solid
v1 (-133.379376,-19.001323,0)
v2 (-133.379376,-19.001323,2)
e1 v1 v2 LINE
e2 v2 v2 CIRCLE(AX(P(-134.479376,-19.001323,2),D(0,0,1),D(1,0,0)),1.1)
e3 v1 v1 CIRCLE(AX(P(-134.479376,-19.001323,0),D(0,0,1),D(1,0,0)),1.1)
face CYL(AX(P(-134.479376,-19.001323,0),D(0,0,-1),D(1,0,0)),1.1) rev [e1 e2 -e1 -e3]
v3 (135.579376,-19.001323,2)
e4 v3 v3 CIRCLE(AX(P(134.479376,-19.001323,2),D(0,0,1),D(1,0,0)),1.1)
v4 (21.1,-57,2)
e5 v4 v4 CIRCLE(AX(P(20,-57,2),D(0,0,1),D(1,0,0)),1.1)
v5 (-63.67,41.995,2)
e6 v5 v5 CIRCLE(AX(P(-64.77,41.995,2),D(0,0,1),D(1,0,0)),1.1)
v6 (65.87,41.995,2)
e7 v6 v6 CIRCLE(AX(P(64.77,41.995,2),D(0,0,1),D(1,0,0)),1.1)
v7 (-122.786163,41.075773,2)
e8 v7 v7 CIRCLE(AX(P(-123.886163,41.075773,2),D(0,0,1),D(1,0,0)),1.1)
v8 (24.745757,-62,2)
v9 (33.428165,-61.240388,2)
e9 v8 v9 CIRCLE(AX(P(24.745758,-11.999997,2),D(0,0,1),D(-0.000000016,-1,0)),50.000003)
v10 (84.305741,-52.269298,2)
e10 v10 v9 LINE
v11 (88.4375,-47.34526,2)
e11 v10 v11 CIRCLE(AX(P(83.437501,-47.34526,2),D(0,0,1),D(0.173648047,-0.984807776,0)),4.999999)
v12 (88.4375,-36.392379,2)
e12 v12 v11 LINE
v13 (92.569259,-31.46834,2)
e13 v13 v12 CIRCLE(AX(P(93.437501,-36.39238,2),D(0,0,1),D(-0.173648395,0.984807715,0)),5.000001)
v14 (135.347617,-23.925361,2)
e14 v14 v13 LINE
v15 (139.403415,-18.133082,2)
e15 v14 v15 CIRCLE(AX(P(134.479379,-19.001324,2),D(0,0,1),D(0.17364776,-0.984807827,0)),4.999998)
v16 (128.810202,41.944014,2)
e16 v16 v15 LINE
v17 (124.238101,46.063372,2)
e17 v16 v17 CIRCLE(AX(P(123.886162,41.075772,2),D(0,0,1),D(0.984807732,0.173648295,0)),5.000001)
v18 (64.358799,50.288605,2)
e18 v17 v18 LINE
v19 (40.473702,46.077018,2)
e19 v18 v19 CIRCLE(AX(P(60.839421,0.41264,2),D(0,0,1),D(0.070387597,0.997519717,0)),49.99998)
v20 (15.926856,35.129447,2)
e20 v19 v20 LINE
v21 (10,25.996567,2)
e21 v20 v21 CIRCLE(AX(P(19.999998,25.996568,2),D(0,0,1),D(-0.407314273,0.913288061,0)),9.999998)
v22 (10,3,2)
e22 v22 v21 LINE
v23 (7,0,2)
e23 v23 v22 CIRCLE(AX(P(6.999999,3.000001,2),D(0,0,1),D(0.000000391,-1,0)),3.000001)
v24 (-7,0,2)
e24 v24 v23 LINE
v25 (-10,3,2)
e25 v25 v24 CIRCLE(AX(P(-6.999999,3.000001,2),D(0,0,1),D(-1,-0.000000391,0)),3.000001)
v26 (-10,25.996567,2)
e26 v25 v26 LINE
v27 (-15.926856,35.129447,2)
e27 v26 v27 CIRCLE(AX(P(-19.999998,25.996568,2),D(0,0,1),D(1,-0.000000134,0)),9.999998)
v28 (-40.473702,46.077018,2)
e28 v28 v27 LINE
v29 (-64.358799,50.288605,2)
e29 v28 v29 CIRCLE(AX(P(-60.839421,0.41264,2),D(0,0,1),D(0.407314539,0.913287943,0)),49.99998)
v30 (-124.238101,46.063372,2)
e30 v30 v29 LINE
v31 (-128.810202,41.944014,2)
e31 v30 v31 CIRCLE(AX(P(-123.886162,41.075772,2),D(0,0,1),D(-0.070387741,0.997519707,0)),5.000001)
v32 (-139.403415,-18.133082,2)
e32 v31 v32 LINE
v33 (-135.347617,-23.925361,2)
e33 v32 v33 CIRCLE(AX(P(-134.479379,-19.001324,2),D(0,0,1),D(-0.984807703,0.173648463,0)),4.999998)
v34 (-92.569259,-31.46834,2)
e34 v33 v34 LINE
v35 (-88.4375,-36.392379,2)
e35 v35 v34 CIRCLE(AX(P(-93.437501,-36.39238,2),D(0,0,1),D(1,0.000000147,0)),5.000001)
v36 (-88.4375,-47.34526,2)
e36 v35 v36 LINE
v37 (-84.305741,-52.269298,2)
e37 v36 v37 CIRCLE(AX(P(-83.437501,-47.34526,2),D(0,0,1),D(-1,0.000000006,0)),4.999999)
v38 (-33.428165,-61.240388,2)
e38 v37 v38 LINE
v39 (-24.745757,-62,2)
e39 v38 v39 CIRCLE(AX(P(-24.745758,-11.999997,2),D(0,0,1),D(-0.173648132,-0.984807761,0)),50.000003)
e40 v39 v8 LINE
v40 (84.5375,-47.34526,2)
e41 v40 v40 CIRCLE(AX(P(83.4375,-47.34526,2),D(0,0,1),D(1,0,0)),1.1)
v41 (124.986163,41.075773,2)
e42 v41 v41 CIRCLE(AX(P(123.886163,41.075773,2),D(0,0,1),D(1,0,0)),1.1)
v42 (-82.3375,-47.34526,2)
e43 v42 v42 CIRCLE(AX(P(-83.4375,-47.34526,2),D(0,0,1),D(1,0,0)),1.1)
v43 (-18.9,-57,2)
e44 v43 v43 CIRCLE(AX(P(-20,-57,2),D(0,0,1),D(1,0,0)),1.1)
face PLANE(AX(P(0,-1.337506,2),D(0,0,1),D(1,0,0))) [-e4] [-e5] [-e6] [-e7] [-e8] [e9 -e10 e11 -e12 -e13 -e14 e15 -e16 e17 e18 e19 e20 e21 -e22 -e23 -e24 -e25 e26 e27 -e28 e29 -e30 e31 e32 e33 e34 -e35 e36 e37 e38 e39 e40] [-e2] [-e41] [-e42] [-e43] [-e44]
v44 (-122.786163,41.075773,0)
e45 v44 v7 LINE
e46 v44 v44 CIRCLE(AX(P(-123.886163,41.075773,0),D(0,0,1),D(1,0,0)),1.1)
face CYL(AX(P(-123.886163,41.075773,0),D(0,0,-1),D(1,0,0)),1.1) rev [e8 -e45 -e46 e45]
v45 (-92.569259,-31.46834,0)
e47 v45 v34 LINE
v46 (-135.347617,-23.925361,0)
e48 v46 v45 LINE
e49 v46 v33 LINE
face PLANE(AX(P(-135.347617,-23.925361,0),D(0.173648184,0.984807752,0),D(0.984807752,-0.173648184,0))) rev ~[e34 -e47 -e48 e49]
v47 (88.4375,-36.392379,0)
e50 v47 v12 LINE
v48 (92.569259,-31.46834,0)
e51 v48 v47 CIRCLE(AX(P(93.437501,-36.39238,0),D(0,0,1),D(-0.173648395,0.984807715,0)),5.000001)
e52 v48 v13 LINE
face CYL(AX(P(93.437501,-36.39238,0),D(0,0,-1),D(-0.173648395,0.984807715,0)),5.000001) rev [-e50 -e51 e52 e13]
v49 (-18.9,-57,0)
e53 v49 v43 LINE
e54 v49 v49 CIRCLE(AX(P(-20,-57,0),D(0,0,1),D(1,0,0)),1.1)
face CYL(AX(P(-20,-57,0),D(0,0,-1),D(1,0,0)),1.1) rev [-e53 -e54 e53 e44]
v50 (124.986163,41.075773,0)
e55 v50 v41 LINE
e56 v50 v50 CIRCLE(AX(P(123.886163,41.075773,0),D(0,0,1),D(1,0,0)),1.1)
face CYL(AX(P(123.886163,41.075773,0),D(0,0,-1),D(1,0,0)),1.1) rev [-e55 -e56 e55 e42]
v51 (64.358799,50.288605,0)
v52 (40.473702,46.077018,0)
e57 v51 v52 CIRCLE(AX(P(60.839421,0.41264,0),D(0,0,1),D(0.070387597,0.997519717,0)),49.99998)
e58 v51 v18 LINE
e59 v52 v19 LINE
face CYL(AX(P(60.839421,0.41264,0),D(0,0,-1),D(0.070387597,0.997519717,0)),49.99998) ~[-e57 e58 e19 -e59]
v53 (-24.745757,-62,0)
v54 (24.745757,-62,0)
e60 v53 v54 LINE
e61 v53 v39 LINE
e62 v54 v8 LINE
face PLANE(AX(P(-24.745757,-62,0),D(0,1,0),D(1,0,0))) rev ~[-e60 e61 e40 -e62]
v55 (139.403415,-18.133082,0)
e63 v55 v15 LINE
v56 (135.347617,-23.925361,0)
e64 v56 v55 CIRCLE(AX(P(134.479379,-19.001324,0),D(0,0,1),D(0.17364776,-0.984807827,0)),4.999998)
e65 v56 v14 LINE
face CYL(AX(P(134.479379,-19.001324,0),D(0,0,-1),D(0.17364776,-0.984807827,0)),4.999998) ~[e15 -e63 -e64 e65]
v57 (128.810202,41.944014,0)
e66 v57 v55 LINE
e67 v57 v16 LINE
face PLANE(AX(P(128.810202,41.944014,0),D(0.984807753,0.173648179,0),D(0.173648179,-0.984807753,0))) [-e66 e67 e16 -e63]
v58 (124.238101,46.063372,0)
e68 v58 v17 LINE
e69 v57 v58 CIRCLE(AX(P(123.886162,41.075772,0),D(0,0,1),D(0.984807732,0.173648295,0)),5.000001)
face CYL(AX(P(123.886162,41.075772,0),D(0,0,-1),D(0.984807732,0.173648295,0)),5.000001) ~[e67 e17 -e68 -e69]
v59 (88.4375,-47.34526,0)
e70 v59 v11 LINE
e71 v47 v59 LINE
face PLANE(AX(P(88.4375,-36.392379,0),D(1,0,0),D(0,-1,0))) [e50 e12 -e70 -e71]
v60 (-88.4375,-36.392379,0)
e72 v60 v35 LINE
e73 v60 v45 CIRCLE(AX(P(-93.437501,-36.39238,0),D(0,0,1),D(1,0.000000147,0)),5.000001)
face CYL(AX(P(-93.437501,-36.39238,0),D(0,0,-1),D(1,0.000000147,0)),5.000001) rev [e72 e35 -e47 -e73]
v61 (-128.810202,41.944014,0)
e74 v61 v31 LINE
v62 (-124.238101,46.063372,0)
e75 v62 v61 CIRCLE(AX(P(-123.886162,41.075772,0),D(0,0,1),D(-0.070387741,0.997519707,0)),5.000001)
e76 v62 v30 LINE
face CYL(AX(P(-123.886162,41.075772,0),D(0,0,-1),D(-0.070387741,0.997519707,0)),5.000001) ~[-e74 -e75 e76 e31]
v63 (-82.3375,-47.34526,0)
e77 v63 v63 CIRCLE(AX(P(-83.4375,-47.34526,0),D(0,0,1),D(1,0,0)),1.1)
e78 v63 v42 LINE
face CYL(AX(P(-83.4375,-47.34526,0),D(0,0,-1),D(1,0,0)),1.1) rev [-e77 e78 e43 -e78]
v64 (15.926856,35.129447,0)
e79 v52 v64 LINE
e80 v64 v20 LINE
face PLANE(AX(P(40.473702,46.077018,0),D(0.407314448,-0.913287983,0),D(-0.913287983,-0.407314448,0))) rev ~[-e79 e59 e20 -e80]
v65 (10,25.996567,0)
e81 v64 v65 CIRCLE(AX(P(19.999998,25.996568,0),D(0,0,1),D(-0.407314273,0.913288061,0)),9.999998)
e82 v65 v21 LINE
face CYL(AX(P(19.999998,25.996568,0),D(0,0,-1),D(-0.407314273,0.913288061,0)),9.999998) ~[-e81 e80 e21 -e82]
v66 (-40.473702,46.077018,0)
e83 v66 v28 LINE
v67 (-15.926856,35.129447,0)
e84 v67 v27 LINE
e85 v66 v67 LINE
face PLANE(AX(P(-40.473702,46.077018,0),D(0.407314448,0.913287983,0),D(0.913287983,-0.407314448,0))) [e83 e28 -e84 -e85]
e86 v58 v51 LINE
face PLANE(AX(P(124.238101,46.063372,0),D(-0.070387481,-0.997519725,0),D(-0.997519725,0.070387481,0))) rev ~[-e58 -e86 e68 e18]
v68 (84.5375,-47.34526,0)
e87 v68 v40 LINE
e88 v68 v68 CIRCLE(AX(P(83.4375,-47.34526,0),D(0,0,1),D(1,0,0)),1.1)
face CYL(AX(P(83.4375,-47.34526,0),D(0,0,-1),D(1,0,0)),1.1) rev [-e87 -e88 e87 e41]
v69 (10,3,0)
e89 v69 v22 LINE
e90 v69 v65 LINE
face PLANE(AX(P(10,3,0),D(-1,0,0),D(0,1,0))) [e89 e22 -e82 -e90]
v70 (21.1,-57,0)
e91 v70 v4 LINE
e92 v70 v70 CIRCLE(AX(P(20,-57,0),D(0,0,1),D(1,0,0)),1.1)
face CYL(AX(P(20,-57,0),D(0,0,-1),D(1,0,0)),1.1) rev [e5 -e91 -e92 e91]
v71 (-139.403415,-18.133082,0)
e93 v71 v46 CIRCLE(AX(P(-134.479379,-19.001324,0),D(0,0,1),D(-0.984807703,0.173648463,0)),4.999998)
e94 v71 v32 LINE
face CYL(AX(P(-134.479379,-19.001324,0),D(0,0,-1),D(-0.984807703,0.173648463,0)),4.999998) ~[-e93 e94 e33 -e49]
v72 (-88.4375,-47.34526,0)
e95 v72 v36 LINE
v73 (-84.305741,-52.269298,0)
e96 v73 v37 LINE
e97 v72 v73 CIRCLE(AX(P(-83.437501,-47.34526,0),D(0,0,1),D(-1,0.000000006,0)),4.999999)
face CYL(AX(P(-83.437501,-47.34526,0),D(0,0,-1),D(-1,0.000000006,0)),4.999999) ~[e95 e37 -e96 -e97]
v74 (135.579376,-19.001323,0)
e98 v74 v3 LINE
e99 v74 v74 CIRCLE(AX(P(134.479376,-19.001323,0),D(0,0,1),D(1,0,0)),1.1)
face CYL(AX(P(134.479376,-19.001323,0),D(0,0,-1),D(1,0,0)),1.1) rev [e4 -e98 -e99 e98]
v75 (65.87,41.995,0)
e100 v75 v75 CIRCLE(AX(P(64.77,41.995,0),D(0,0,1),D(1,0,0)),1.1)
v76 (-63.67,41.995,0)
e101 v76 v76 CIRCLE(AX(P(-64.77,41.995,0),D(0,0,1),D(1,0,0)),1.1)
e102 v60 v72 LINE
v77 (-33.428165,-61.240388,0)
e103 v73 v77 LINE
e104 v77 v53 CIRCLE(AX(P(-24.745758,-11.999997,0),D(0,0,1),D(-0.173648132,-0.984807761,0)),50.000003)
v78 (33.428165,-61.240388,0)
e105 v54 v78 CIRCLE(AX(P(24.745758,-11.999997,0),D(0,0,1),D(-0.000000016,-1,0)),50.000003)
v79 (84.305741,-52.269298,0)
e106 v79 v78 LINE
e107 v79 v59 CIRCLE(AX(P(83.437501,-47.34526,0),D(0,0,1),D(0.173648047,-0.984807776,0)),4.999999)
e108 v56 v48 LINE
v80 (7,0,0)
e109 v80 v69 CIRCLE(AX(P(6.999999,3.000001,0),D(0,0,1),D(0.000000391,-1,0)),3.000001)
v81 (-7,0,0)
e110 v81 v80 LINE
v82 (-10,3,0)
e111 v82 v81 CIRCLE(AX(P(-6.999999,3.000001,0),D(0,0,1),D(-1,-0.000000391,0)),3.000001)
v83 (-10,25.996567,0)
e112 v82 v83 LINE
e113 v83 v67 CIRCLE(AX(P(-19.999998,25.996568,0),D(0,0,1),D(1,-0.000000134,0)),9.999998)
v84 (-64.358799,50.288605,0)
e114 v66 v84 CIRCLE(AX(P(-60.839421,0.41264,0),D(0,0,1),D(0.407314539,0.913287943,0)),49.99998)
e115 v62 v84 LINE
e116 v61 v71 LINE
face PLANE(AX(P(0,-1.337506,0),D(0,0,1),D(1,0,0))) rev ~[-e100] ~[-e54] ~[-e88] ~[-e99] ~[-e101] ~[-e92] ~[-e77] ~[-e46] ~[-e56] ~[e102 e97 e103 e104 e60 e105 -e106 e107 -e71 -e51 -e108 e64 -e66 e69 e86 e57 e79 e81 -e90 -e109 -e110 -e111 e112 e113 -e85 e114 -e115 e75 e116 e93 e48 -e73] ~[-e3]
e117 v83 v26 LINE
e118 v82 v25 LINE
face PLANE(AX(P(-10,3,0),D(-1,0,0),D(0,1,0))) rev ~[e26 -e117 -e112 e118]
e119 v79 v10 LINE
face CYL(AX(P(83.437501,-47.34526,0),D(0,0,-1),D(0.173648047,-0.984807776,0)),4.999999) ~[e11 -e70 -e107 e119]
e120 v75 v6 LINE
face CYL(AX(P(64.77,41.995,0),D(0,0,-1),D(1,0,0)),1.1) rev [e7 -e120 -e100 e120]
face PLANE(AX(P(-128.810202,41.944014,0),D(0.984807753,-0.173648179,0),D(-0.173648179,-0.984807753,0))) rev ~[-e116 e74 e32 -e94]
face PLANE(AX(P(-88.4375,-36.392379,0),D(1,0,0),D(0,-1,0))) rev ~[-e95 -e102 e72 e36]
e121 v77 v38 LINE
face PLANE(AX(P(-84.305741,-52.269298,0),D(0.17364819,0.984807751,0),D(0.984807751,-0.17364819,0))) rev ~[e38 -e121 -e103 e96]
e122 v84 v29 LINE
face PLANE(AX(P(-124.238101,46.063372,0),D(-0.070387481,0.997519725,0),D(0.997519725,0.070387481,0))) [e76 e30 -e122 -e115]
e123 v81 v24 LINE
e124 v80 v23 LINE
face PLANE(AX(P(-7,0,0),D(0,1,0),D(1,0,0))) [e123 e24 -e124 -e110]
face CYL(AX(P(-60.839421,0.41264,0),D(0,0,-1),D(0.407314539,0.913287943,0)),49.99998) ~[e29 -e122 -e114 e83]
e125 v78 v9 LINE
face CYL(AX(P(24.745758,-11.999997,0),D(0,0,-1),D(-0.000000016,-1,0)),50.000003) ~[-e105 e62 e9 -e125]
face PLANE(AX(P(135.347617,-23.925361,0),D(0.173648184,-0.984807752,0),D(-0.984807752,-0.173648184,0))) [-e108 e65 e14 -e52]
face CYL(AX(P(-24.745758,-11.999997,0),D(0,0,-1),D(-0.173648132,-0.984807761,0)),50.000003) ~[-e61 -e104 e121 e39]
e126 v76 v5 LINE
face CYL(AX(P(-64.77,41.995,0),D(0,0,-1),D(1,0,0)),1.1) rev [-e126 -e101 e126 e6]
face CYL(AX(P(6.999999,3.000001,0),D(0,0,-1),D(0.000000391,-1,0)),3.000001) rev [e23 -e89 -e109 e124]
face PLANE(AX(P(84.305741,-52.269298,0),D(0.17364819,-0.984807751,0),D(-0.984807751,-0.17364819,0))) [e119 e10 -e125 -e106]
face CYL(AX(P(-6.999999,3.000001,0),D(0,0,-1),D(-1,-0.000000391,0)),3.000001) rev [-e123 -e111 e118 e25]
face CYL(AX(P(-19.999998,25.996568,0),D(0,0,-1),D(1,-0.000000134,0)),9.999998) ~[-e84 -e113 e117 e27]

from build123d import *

# Parameters (mm, degrees)
SKETCH_R  = 1.1
PAD_DEPTH = 2


with BuildPart() as part:
    # Sketch → Pad (new body)
    with BuildSketch(Plane.XY):
        with BuildLine():
            ThreePointArc((-124.238101, 46.063372), (-127.232991, 44.790439), (-128.810202, 41.944014))
            Line((-128.810202, 41.944014), (-139.403415, -18.133082))
            ThreePointArc((-139.403415, -18.133082), (-138.575137, -21.869205), (-135.347617, -23.925361))
            Line((-135.347617, -23.925361), (-92.569259, -31.46834))
            ThreePointArc((-88.4375, -36.392379), (-89.607278, -33.178441), (-92.569259, -31.46834))
            Line((-88.4375, -36.392379), (-88.4375, -47.34526))
            ThreePointArc((-88.4375, -47.34526), (-87.267722, -50.559198), (-84.305741, -52.269298))
            Line((-84.305741, -52.269298), (-33.428165, -61.240388))
            ThreePointArc((-33.428165, -61.240388), (-29.103544, -61.809735), (-24.745757, -62))
            Line((-24.745757, -62), (24.745757, -62))
            ThreePointArc((24.745757, -62), (29.103544, -61.809735), (33.428165, -61.240388))
            Line((84.305741, -52.269298), (33.428165, -61.240388))
            ThreePointArc((84.305741, -52.269298), (87.267722, -50.559198), (88.4375, -47.34526))
            Line((88.4375, -36.392379), (88.4375, -47.34526))
            ThreePointArc((92.569259, -31.46834), (89.607278, -33.178441), (88.4375, -36.392379))
            Line((135.347617, -23.925361), (92.569259, -31.46834))
            ThreePointArc((135.347617, -23.925361), (138.575137, -21.869205), (139.403415, -18.133082))
            Line((128.810202, 41.944014), (139.403415, -18.133082))
            ThreePointArc((128.810202, 41.944014), (127.232991, 44.790439), (124.238101, 46.063372))
            Line((124.238101, 46.063372), (64.358799, 50.288605))
            ThreePointArc((64.358799, 50.288605), (52.157015, 49.653007), (40.473702, 46.077018))
            Line((40.473702, 46.077018), (15.926856, 35.129447))
            ThreePointArc((15.926856, 35.129447), (11.611572, 31.440305), (10, 25.996567))
            Line((10, 3), (10, 25.996567))
            ThreePointArc((7, 0), (9.12132, 0.87868), (10, 3))
            Line((-7, 0), (7, 0))
            ThreePointArc((-10, 3), (-9.12132, 0.87868), (-7, 0))
            Line((-10, 3), (-10, 25.996567))
            ThreePointArc((-10, 25.996567), (-11.611572, 31.440305), (-15.926856, 35.129447))
            Line((-40.473702, 46.077018), (-15.926856, 35.129447))
            ThreePointArc((-40.473702, 46.077018), (-52.157015, 49.653007), (-64.358799, 50.288605))
            Line((-124.238101, 46.063372), (-64.358799, 50.288605))
        make_face()
        with Locations((123.886163, 41.075773)):
            Circle(SKETCH_R, mode=Mode.SUBTRACT)
        with Locations((134.479376, -19.001323)):
            Circle(SKETCH_R, mode=Mode.SUBTRACT)
        with Locations((83.4375, -47.34526)):
            Circle(SKETCH_R, mode=Mode.SUBTRACT)
        with Locations((20, -57)):
            Circle(SKETCH_R, mode=Mode.SUBTRACT)
        with Locations((-20, -57)):
            Circle(SKETCH_R, mode=Mode.SUBTRACT)
        with Locations((-83.4375, -47.34526)):
            Circle(SKETCH_R, mode=Mode.SUBTRACT)
        with Locations((-134.479376, -19.001323)):
            Circle(SKETCH_R, mode=Mode.SUBTRACT)
        with Locations((-64.77, 41.995)):
            Circle(SKETCH_R, mode=Mode.SUBTRACT)
        with Locations((-123.886163, 41.075773)):
            Circle(SKETCH_R, mode=Mode.SUBTRACT)
        with Locations((64.77, 41.995)):
            Circle(SKETCH_R, mode=Mode.SUBTRACT)
    extrude(amount=PAD_DEPTH)


solid = part.part
